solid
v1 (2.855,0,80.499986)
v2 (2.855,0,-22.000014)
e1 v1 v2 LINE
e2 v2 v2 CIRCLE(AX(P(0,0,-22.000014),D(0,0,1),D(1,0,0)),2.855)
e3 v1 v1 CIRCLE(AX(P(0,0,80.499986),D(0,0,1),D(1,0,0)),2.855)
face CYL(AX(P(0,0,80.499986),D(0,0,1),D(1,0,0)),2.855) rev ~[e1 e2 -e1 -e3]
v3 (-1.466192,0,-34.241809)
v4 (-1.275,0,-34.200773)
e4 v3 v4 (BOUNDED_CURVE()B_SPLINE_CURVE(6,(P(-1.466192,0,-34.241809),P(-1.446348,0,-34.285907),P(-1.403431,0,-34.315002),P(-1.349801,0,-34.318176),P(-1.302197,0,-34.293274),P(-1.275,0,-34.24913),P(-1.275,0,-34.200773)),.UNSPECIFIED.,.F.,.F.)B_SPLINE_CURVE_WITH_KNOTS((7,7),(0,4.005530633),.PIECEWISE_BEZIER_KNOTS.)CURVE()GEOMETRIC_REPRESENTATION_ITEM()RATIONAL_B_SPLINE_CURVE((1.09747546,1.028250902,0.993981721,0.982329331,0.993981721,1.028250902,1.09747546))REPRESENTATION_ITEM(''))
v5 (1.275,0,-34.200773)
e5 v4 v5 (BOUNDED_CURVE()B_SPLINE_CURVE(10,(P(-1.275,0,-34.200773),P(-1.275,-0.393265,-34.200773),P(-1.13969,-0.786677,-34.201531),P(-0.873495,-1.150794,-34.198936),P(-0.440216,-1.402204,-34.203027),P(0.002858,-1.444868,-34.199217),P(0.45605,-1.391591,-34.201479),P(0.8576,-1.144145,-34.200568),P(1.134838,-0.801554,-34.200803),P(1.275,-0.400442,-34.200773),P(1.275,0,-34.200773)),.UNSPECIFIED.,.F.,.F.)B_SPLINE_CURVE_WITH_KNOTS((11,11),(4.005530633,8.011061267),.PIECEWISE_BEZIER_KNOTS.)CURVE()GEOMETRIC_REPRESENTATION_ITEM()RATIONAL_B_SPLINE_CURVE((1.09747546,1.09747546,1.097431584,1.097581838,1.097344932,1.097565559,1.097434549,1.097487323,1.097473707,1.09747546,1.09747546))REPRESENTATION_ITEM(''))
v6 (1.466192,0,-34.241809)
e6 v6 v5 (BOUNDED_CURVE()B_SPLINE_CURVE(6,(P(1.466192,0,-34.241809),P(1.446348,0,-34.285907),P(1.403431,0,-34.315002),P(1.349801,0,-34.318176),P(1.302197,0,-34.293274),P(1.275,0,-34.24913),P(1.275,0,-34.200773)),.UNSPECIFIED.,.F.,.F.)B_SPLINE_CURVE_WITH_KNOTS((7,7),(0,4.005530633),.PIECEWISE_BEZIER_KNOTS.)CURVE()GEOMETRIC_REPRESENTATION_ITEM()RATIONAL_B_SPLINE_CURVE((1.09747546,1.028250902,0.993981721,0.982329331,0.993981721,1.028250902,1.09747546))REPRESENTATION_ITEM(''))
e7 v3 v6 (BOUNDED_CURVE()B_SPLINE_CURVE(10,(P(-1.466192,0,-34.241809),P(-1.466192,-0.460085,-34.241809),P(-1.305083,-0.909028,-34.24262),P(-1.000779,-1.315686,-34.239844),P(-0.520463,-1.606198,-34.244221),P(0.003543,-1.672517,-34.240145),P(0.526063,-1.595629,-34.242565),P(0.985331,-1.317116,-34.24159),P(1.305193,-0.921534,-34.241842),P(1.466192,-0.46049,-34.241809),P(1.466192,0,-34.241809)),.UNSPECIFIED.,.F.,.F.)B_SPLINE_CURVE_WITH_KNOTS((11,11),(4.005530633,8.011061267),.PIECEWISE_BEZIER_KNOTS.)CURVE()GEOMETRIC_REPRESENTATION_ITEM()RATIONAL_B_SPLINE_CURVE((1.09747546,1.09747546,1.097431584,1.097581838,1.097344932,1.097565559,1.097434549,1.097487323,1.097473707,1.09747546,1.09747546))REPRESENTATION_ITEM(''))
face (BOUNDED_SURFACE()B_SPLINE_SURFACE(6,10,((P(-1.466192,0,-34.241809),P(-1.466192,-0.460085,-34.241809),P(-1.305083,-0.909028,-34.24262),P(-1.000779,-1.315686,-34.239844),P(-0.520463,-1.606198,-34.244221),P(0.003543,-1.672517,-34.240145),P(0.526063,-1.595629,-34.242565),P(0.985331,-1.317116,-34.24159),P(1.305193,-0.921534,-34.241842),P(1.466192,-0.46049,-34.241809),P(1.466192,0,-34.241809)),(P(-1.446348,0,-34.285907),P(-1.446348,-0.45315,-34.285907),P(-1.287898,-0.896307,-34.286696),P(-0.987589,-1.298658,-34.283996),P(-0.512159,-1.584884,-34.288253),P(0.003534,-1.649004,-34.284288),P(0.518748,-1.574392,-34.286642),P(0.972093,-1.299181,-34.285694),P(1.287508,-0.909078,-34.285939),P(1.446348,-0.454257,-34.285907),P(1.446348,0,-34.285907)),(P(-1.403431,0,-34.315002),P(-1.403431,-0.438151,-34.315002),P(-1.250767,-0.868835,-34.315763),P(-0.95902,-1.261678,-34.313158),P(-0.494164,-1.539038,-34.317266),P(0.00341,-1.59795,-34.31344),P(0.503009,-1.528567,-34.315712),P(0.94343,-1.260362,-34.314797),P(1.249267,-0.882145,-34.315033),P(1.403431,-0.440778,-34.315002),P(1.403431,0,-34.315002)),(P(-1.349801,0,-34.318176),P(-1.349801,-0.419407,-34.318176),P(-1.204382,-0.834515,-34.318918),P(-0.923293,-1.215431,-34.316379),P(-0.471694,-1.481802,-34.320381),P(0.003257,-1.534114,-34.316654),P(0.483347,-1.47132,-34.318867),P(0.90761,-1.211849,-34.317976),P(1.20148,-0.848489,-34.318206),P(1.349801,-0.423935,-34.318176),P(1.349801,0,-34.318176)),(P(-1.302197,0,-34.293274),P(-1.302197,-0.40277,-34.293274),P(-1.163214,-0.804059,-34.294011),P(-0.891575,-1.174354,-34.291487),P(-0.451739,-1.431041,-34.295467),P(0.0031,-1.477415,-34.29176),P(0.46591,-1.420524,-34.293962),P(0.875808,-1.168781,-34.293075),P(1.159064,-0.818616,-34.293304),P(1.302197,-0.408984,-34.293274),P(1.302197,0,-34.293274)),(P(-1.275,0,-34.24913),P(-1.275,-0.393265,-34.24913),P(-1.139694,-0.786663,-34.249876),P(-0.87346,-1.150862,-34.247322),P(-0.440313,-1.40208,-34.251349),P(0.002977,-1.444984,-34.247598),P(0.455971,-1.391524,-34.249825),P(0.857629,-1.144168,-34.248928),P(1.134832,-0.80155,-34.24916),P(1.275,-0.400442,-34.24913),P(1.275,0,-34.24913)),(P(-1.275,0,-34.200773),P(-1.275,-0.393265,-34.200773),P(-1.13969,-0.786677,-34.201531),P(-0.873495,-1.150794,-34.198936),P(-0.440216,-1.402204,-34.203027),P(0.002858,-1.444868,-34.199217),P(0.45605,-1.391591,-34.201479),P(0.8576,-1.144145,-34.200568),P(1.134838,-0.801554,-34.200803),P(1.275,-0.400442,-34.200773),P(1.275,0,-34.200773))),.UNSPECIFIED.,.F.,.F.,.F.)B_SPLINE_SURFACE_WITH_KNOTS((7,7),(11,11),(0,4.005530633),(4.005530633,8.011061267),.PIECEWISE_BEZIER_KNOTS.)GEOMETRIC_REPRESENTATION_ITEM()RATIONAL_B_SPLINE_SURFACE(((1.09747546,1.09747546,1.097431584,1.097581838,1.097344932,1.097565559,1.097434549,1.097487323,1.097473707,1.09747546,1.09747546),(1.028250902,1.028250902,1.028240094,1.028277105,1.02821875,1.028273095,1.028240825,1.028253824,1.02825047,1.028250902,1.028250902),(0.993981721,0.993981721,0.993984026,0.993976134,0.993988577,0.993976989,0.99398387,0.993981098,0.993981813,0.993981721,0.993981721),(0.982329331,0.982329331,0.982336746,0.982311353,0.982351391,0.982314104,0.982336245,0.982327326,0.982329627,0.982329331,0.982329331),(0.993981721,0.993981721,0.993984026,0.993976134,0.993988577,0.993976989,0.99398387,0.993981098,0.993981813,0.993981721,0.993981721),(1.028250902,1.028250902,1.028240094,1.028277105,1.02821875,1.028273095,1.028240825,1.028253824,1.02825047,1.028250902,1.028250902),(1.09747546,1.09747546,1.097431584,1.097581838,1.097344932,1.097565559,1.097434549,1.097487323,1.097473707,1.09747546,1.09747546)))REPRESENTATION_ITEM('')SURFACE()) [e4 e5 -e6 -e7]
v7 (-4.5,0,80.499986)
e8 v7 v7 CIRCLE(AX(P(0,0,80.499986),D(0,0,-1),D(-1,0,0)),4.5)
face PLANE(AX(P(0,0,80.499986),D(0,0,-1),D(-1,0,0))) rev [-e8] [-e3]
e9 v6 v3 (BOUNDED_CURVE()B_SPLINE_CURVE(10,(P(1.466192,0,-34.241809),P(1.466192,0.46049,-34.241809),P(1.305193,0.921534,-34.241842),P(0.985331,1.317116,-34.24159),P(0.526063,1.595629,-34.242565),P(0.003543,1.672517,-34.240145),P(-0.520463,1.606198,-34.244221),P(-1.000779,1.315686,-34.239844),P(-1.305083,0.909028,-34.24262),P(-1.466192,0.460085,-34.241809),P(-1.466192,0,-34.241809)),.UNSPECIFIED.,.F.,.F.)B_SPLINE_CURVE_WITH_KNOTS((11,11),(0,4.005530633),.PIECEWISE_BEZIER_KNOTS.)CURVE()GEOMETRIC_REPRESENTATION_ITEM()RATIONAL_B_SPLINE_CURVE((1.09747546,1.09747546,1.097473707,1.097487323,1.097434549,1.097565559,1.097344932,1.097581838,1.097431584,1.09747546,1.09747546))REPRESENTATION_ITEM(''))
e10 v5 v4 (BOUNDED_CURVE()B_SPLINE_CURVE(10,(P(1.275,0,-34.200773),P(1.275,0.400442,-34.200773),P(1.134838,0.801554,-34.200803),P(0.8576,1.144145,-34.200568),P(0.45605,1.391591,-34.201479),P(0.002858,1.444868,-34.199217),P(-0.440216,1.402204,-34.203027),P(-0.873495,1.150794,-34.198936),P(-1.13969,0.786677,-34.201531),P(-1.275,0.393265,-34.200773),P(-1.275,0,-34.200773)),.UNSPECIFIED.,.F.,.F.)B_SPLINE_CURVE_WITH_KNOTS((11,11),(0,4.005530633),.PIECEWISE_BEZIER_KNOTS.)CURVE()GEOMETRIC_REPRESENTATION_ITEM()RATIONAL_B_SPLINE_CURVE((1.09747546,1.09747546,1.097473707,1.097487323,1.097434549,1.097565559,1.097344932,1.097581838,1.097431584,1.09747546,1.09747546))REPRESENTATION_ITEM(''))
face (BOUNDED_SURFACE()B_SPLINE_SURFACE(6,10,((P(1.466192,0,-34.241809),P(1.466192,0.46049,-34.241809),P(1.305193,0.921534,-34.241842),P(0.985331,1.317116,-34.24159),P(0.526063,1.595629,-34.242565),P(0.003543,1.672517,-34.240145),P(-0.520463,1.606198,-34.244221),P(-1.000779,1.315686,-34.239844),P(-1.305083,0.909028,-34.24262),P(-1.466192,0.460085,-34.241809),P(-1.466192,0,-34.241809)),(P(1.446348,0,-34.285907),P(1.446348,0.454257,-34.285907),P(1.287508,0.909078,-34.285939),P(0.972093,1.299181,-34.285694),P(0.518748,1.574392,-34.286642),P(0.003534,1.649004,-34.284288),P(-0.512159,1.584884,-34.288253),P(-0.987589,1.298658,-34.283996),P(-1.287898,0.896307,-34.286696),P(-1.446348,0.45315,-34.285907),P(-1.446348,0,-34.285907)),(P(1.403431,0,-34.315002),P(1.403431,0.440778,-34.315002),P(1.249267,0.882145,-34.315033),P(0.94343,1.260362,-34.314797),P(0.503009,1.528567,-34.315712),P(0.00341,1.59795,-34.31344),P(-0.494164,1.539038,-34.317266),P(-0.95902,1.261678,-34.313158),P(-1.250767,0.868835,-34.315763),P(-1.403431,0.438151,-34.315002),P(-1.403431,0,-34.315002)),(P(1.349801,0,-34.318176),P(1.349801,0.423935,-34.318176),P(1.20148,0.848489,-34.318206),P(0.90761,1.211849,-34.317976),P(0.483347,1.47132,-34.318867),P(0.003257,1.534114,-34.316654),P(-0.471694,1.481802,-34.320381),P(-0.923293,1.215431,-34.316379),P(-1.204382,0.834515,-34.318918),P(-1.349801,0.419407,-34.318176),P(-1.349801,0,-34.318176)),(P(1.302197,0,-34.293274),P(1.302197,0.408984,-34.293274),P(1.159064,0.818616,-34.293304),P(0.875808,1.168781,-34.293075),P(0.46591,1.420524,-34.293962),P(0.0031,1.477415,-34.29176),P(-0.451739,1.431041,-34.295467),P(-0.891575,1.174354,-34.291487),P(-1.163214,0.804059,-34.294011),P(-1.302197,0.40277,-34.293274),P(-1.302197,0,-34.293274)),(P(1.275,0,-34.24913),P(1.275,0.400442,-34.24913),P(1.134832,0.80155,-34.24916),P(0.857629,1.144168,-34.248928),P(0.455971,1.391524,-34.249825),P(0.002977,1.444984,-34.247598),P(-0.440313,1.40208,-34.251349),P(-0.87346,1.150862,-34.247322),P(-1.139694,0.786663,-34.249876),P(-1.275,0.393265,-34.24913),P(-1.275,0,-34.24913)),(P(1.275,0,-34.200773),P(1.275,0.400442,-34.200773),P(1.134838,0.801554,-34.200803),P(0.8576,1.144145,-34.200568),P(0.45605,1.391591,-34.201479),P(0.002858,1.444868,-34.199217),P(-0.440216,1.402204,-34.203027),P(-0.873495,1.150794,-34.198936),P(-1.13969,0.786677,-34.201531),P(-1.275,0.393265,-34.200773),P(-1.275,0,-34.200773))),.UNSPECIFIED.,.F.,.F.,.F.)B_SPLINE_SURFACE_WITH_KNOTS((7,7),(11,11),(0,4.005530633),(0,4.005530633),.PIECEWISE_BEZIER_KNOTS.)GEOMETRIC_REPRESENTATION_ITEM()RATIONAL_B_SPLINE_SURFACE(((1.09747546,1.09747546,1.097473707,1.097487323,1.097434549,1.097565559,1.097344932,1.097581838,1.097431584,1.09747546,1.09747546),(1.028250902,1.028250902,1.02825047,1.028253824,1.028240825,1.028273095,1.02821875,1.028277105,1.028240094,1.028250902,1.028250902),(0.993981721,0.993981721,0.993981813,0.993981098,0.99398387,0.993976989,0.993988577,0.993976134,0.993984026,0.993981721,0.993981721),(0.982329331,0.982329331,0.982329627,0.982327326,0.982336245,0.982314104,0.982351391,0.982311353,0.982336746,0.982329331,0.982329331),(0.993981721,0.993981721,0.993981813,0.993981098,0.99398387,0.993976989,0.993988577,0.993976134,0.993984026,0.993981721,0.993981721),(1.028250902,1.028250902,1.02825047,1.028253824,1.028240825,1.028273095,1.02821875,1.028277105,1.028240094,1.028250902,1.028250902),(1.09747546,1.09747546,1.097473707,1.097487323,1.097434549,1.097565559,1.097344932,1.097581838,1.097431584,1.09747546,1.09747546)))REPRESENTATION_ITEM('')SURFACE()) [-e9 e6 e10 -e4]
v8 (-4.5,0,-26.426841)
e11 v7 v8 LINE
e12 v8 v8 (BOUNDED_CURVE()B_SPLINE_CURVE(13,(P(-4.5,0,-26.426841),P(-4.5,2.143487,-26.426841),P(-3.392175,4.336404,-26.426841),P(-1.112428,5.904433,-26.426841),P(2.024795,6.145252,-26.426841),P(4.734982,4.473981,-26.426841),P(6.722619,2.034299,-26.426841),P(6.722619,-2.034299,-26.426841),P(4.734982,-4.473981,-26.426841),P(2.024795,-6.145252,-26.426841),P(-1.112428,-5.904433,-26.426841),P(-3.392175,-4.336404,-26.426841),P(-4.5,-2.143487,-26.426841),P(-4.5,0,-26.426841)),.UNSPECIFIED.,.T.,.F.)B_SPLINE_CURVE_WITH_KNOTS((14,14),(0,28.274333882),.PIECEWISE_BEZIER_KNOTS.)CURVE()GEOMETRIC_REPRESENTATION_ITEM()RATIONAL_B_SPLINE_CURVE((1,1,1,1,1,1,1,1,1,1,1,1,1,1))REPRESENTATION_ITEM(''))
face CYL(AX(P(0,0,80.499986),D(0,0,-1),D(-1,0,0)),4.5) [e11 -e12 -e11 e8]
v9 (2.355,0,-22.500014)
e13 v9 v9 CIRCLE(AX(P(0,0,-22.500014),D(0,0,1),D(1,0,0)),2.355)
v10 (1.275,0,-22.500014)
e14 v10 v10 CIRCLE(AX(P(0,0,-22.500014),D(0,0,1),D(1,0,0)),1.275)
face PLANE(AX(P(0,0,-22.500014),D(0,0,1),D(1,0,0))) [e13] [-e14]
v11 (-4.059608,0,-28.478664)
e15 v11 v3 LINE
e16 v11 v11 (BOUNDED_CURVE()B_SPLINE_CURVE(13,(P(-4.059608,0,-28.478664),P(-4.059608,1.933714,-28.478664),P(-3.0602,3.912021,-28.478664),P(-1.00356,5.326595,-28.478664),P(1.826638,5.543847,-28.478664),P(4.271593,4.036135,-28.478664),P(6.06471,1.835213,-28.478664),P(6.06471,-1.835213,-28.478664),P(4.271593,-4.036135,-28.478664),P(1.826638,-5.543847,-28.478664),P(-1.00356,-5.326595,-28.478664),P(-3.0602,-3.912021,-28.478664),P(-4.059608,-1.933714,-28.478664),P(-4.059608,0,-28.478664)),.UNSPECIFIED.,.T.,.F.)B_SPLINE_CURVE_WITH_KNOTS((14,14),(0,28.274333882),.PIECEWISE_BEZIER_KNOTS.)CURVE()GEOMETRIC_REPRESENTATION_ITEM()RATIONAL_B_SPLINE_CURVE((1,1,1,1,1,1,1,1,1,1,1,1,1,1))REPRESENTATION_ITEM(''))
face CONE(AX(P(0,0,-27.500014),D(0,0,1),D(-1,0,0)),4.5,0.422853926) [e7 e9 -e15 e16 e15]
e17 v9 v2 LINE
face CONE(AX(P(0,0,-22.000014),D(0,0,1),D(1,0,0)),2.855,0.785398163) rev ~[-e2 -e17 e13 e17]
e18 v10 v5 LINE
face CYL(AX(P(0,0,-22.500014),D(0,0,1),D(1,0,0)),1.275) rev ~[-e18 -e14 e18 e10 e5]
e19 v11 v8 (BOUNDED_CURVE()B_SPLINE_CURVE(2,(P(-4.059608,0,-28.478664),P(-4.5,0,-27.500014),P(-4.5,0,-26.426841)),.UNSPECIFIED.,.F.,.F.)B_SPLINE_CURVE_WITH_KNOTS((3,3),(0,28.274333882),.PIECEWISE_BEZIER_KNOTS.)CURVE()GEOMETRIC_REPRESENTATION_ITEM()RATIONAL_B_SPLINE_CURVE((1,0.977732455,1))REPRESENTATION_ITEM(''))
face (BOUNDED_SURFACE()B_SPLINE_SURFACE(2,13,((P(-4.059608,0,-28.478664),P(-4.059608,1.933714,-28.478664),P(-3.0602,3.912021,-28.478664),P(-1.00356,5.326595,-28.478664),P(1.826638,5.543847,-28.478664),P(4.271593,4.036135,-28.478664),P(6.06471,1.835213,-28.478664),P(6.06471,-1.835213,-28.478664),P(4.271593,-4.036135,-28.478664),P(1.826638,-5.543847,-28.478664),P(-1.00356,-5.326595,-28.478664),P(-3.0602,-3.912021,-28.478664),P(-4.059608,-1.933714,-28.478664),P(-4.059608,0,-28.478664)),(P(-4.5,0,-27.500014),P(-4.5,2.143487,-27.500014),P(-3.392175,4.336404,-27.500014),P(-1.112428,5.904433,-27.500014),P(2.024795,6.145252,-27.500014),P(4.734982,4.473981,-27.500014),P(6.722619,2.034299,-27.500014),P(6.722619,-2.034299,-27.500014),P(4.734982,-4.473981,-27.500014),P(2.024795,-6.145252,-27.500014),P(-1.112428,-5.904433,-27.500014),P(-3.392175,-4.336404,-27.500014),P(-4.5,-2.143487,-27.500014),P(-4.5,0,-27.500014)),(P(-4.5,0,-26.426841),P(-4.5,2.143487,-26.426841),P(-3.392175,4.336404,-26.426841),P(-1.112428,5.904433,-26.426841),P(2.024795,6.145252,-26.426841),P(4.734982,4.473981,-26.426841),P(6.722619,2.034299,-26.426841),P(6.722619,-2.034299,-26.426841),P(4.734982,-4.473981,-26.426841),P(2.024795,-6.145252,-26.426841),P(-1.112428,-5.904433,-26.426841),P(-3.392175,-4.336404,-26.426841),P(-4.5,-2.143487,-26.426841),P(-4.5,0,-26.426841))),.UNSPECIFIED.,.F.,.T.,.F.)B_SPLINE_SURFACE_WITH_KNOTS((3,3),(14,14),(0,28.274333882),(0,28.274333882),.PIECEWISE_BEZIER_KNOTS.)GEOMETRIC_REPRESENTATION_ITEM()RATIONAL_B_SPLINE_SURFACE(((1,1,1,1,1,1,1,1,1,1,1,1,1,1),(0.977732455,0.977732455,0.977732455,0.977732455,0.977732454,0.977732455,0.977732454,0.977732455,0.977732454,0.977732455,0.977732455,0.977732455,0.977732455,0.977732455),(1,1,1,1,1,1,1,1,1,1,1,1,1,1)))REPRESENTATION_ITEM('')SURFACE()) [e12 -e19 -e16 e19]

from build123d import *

# Parameters (mm, degrees)
F2_R     = 2.855
F3_DEPTH = 103
F4_R     = 1.275
F5_DEPTH = 25
F6_R     = 0.1
F7_SIZE  = 0.5
F8_R     = 5


with BuildPart() as f1:
    # F0 (on Front) → F1 (revolve)
    with BuildSketch(Plane.XZ):
        Polygon((-4.5, -27.5000141266), (0, -37.5000141266), (0, 80.4999858734), (-4.5, 80.4999858734), (-4.5, 45.166639983), align=None)
    revolve(axis=Axis((0, 0, 21.4999858734), (0, 0, -1)))

    # F2 (on face) → F3 (cut)
    with BuildSketch(Plane.XY.offset(80.4999858734)):
        Circle(F2_R)
    extrude(amount=-F3_DEPTH, mode=Mode.SUBTRACT)

    # F4 (on face) → F5 (cut)
    with BuildSketch(Plane.XY.offset(-22.5000141266)):
        Circle(F4_R)
    extrude(amount=-F5_DEPTH, mode=Mode.SUBTRACT)

    # F6
    f6_edges = [f1.edges().sort_by_distance(p)[0] for p in [
        (0, 1.275, -34.666681),
        (0, -1.275, -34.666681),
    ]]
    fillet(f6_edges, radius=F6_R)

    # F7
    f7_edges = [f1.edges().sort_by_distance(p)[0] for p in [
        (-2.855, 0, -22.500014),
    ]]
    chamfer(f7_edges, length=F7_SIZE)

    # F8
    f8_edges = [f1.edges().sort_by_distance(p)[0] for p in [
        (4.5, 0, -27.500014),
    ]]
    fillet(f8_edges, radius=F8_R)


solid = f1.part
